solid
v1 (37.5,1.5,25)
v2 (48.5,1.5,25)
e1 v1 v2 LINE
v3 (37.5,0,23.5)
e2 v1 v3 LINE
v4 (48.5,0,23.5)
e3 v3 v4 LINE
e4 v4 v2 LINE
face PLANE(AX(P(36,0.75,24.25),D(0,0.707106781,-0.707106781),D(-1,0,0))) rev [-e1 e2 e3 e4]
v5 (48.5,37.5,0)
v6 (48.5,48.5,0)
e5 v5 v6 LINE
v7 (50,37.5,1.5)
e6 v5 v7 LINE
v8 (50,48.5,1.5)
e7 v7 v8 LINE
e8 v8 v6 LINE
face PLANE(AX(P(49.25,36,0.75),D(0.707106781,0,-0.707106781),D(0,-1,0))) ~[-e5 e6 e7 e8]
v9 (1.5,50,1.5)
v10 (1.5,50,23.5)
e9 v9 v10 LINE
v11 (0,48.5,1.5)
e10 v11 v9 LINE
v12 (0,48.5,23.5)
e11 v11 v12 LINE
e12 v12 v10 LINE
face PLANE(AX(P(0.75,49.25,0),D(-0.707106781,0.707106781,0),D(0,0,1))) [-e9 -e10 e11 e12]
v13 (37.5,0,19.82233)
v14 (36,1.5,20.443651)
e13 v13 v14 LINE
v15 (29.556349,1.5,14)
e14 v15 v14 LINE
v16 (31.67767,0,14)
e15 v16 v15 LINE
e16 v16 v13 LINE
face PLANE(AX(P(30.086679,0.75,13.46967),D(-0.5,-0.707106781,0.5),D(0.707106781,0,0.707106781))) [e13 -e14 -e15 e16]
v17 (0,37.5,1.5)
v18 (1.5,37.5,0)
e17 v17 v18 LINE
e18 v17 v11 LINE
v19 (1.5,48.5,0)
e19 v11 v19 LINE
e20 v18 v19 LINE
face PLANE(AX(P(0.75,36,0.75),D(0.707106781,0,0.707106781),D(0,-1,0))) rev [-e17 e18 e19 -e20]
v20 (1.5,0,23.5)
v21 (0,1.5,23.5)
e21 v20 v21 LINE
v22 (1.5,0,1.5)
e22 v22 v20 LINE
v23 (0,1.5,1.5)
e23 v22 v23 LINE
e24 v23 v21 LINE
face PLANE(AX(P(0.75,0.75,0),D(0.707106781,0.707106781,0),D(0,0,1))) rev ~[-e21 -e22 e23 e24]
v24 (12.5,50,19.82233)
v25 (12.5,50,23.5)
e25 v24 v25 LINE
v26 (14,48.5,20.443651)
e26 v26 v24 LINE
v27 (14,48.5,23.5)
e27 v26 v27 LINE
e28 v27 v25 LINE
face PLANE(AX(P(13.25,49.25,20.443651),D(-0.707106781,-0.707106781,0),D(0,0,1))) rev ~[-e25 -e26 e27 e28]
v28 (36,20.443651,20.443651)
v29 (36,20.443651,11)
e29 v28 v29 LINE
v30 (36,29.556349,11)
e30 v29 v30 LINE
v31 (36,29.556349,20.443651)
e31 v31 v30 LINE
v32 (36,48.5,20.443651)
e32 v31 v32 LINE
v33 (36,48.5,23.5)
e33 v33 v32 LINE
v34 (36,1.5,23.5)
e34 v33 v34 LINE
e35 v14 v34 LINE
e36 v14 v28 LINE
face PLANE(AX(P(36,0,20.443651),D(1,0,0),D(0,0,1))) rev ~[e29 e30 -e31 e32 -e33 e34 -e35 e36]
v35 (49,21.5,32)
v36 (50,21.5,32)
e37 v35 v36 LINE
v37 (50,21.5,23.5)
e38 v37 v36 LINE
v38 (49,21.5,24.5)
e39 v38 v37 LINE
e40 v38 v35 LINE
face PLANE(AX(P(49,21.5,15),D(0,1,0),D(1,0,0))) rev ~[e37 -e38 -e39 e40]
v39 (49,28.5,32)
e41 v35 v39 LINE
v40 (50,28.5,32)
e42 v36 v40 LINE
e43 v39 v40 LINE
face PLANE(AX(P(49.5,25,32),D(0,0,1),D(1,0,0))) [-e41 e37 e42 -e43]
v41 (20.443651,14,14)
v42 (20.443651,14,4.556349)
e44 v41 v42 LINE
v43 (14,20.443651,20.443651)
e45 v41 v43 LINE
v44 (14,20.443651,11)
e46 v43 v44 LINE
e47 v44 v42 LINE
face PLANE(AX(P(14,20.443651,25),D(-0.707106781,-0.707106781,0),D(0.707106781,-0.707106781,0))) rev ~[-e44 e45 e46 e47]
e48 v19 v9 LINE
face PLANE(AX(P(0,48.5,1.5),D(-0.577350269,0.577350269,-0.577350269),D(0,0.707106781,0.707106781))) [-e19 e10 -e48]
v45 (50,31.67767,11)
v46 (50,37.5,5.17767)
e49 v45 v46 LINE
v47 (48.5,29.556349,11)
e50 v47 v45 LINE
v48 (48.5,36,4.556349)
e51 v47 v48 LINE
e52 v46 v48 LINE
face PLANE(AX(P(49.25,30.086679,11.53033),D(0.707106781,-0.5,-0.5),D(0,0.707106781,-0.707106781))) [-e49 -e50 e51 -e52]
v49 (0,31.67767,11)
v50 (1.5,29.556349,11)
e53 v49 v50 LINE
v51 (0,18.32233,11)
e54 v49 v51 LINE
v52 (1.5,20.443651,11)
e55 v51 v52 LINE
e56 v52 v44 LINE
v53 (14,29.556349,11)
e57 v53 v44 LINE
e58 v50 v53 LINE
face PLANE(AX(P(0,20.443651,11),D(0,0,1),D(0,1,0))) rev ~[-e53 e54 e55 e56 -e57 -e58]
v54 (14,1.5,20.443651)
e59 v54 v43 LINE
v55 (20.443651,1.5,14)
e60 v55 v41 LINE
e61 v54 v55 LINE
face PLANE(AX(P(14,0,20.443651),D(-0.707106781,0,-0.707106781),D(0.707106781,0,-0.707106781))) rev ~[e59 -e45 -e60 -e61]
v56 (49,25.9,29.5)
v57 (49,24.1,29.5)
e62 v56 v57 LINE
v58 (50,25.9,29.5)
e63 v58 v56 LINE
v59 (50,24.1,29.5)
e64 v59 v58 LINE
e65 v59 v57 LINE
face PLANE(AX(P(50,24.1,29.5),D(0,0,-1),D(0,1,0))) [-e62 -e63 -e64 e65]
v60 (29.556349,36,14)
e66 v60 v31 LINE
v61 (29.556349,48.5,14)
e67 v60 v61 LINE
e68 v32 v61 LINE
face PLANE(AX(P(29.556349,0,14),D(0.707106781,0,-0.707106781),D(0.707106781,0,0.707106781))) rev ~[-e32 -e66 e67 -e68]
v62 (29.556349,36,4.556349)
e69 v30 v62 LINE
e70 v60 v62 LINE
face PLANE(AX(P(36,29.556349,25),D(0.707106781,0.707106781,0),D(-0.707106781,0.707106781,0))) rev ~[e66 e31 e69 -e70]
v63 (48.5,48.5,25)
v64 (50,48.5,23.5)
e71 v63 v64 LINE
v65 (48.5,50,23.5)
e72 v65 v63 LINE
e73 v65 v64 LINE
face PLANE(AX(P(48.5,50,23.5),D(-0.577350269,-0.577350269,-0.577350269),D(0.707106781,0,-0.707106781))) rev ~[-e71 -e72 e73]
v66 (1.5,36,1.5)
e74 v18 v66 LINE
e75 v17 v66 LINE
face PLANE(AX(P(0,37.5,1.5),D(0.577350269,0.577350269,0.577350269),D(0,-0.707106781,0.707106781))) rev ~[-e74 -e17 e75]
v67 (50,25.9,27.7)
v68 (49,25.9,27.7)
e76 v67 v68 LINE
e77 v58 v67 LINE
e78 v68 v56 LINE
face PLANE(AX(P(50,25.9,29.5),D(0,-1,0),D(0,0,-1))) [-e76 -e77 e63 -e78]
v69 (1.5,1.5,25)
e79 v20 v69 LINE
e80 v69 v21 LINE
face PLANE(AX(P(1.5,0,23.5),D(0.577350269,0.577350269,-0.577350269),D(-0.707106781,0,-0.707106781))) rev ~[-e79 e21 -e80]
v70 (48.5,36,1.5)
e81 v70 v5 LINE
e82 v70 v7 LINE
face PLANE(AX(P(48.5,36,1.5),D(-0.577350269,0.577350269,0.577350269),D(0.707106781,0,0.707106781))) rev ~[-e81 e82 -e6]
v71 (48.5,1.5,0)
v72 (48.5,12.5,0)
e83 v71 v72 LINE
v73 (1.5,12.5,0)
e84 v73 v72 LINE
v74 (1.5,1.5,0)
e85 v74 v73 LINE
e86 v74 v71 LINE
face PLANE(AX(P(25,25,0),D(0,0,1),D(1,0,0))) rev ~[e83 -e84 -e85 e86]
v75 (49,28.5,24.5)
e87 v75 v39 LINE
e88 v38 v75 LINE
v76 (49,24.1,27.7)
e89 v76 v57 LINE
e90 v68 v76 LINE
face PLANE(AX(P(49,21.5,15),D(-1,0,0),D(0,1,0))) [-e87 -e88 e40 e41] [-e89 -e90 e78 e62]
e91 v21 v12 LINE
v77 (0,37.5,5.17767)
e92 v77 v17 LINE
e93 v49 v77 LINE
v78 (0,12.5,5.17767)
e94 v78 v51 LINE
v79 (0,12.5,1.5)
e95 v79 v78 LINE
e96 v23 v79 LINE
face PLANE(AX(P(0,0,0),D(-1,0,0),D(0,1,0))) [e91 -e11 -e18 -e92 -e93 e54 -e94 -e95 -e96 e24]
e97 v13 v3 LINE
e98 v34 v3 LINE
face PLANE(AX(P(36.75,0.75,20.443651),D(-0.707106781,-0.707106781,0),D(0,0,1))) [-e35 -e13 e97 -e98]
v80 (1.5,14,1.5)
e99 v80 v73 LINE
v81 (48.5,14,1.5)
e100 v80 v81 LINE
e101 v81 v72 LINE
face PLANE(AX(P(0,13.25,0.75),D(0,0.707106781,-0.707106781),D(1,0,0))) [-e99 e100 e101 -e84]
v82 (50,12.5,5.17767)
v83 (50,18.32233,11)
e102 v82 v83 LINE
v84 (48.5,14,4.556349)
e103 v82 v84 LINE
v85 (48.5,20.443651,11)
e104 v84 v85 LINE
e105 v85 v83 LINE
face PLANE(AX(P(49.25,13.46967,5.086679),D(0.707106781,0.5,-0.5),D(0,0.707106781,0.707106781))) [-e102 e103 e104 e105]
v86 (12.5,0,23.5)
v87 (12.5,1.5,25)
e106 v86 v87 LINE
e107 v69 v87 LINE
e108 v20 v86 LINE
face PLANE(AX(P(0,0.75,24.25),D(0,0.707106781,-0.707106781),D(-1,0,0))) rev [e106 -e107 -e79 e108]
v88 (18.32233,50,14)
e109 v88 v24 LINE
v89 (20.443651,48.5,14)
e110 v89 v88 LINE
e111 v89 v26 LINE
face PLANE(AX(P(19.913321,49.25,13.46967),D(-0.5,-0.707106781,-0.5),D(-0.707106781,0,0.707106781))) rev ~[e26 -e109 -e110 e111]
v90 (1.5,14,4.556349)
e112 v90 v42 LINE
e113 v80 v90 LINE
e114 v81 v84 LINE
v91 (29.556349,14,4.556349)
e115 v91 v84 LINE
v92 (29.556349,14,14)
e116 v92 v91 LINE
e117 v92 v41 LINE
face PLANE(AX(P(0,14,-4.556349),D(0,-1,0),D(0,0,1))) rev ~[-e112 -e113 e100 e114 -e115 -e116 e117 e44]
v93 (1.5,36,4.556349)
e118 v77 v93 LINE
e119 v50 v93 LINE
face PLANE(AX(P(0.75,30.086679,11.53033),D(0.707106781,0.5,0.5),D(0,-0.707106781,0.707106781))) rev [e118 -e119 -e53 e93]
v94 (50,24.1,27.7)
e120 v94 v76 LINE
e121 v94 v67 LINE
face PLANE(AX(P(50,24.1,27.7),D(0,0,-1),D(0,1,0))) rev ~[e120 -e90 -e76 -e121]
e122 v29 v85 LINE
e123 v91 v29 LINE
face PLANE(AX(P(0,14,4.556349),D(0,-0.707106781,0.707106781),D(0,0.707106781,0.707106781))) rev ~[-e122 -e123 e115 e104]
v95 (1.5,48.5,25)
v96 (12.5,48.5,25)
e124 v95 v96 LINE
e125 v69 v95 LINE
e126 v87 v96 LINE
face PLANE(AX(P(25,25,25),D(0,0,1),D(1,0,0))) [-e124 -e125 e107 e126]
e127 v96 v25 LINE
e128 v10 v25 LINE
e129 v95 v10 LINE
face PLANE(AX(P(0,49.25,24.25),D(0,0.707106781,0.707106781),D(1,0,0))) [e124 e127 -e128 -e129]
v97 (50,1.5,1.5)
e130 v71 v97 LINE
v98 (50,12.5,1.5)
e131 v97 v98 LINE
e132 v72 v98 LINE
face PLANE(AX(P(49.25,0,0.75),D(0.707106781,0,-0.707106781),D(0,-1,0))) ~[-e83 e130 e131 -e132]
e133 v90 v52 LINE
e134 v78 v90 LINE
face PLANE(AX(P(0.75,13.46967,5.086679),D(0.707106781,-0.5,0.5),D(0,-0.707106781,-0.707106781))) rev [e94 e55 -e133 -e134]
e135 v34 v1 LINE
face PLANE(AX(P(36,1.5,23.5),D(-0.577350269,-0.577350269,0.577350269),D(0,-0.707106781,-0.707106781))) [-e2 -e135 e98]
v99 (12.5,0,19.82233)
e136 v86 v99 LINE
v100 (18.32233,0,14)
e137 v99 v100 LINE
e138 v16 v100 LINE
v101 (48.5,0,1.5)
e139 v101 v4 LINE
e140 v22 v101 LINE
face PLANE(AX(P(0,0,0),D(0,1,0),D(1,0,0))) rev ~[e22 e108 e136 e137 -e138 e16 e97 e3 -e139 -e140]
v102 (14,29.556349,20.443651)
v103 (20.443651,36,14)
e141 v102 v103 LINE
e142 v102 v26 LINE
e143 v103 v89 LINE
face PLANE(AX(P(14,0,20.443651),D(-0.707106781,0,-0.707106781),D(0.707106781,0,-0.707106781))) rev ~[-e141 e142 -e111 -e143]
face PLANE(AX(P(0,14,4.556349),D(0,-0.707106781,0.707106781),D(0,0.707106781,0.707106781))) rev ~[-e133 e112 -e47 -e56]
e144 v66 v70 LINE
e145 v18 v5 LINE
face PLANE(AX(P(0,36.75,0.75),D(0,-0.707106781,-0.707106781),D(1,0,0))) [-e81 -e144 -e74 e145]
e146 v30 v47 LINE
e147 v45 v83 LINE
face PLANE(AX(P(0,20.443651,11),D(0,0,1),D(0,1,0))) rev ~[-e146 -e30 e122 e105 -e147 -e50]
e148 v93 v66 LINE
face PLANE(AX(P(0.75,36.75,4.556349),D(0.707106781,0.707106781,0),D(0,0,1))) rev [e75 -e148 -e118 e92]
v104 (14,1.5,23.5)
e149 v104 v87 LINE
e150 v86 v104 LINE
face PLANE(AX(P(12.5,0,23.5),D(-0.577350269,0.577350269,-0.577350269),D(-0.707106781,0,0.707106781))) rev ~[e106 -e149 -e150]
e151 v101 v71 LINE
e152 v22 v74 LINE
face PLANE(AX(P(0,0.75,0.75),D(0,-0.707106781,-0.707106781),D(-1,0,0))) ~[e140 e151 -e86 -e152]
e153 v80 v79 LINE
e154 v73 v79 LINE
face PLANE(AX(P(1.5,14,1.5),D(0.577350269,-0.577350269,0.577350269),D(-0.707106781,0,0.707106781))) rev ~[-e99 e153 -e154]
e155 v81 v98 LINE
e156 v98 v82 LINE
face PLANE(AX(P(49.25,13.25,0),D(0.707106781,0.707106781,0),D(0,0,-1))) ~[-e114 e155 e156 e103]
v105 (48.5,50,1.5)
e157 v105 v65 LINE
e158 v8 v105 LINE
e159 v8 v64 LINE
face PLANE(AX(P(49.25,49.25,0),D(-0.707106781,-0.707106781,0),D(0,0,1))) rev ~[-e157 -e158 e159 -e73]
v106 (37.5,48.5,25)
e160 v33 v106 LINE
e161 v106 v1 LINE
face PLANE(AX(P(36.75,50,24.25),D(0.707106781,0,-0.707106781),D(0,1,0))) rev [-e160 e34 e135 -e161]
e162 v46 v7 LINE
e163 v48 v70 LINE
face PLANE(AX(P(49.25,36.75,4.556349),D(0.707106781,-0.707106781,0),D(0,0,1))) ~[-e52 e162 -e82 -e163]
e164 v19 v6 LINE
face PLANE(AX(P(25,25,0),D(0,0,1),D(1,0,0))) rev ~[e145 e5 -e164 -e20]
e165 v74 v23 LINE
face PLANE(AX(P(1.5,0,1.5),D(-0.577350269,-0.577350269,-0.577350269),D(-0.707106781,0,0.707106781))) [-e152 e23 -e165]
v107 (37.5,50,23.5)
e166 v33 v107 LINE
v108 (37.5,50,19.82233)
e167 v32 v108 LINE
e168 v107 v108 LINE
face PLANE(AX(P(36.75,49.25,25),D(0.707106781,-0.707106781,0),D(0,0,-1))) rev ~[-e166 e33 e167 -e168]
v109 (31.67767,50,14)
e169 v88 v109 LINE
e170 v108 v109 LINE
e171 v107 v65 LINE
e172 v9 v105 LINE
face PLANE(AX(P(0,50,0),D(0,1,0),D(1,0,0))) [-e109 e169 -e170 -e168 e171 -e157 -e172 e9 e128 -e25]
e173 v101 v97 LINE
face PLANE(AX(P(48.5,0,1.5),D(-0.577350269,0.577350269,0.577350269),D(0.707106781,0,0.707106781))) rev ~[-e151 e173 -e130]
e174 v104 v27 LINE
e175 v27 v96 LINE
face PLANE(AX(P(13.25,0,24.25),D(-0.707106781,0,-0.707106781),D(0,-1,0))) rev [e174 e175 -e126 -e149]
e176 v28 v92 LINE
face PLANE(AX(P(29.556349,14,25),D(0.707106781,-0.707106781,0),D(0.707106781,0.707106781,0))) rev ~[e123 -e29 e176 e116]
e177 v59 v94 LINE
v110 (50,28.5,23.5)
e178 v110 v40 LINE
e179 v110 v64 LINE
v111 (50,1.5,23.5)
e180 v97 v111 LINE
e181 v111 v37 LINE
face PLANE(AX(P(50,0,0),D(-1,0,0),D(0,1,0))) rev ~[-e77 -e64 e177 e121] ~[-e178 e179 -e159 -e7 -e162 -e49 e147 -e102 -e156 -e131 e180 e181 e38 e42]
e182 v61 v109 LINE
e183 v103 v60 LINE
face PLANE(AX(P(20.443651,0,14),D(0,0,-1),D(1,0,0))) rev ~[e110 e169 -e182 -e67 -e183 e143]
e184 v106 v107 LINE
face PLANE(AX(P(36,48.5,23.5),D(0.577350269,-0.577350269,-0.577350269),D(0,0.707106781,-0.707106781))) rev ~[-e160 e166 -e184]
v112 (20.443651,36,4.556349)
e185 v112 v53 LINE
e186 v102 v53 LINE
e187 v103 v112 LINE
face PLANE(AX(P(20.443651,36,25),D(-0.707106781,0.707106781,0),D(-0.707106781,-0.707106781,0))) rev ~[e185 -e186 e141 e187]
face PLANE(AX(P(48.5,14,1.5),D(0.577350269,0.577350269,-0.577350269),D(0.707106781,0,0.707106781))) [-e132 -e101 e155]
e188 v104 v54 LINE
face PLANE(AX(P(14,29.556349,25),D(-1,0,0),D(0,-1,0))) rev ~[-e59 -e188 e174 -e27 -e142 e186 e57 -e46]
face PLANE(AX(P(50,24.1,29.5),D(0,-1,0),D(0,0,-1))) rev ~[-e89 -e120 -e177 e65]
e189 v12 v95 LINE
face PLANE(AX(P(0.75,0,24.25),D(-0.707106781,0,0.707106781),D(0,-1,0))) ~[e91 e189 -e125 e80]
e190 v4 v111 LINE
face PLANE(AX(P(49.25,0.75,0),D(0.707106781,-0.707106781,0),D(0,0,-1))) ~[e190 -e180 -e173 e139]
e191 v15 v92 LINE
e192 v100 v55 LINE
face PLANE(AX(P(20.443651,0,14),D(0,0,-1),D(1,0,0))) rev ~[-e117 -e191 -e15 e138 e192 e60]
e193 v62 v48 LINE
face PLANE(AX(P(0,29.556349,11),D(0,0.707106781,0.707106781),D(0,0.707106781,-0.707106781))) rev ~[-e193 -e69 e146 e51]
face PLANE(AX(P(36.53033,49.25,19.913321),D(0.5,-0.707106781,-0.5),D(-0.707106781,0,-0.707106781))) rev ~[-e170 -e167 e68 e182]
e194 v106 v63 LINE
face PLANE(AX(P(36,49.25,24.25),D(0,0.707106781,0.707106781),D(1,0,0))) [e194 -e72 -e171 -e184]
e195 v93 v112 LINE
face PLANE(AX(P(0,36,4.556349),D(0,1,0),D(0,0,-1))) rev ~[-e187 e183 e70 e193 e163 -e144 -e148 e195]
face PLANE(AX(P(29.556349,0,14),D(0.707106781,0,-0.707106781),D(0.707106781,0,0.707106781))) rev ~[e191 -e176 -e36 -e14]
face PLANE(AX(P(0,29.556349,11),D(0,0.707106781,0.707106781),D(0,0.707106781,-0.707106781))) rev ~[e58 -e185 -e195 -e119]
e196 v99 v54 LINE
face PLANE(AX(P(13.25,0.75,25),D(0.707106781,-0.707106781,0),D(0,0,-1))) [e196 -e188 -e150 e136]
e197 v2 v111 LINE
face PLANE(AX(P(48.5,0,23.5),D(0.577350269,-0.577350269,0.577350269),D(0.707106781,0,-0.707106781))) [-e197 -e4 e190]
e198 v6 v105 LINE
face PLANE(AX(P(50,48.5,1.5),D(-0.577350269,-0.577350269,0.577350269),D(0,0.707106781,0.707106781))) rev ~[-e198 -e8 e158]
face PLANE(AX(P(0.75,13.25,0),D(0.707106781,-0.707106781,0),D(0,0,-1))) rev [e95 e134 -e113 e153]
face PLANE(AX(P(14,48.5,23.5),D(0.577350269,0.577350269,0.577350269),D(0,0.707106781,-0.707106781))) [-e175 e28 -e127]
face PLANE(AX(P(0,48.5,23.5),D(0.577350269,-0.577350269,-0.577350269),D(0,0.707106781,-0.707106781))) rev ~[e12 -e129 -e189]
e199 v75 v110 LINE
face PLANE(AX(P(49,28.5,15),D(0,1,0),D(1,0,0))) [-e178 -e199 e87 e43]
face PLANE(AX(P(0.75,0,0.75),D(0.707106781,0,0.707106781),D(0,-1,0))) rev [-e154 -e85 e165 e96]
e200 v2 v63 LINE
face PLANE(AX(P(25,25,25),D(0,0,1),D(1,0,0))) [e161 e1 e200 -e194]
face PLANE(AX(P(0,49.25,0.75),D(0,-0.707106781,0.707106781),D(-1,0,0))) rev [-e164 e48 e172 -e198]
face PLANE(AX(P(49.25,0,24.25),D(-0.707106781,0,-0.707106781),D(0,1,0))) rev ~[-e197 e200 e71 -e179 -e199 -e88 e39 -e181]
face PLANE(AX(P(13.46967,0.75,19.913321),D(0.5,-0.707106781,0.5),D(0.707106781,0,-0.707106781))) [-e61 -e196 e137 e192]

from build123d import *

# Parameters (mm, degrees)
SKETCH1_W                = 50
SKETCH1_H                = 50
BOSS_EXTRUDE1_DEPTH      = 25
CUT_EXTRUDE1_DEPTH       = 76
CUT_EXTRUDE2_DEPTH       = 76
CUT_EXTRUDE3_DEPTH       = 76
CHAMFER1_SIZE            = 1.5
BOSS_EXTRUDE2_DEPTH      = 7
BOSS_EXTRUDE2_DEPTH_BACK = 10
SKETCH5_W                = 1
SKETCH5_H                = 7
SKETCH6_W                = 1.8
SKETCH6_H                = 1.8
CUT_EXTRUDE5_DEPTH       = 78.614431648


with BuildPart() as part:
    # Sketch1 → Boss-Extrude1 (new body)
    with BuildSketch(Plane.XY):
        with Locations((25, 25)):
            Rectangle(SKETCH1_W, SKETCH1_H)
    extrude(amount=BOSS_EXTRUDE1_DEPTH)

    # Sketch2 → Cut-Extrude1 (cut, through all)
    with BuildSketch(Plane.XZ):
        Polygon((29.556349186, 36), (20.443650814, 36), (14, 29.556349186), (14, 20.443650814), (20.443650814, 14), (29.556349186, 14), (36, 20.443650814), (36, 29.556349186), align=None)
    extrude(amount=-CUT_EXTRUDE1_DEPTH, mode=Mode.SUBTRACT)

    # Sketch3 → Cut-Extrude2 (cut, through all)
    with BuildSketch(Plane.ZY):
        Polygon((4.556349186, 14), (11, 20.443650814), (11, 29.556349186), (4.556349186, 36), (-4.556349186, 36), (-11, 29.556349186), (-11, 20.443650814), (-4.556349186, 14), align=None)
    extrude(amount=-CUT_EXTRUDE2_DEPTH, mode=Mode.SUBTRACT)

    # Sketch4 → Cut-Extrude3 (cut, through all)
    with BuildSketch(Plane.XY.offset(25)):
        Polygon((29.556349186, 36), (20.443650814, 36), (14, 29.556349186), (14, 20.443650814), (20.443650814, 14), (29.556349186, 14), (36, 20.443650814), (36, 29.556349186), align=None)
    extrude(amount=-CUT_EXTRUDE3_DEPTH, mode=Mode.SUBTRACT)

    # Chamfer1
    chamfer1_edges = [part.edges().sort_by_distance(p)[0] for p in [
        (50, 25, 25),
        (43, 50, 25),
        (43, 0, 25),
        (7, 50, 25),
        (14, 25, 25),
        (36, 25, 25),
        (36, 50, 22.721825407),
        (14, 50, 22.721825407),
        (36, 0, 22.721825407),
        (14, 0, 22.721825407),
        (17.221825407, 0, 17.221825407),
        (32.778174593, 0, 17.221825407),
        (32.778174593, 50, 17.221825407),
        (17.221825407, 50, 17.221825407),
        (0, 25, 25),
        (25, 50, 0),
        (50, 7, 0),
        (0, 7, 0),
        (50, 43, 0),
        (25, 36, 0),
        (25, 14, 0),
        (25, 0, 0),
        (0, 43, 0),
        (50, 14, 2.278174593),
        (50, 36, 2.278174593),
        (50, 32.778174593, 7.778174593),
        (50, 17.221825407, 7.778174593),
        (0, 14, 2.278174593),
        (0, 17.221825407, 7.778174593),
        (0, 32.778174593, 7.778174593),
        (0, 36, 2.278174593),
        (7, 0, 25),
        (0, 50, 12.5),
        (50, 50, 12.5),
        (50, 0, 12.5),
        (0, 0, 12.5),
    ]]
    chamfer(chamfer1_edges, length=CHAMFER1_SIZE)

    # Sketch5 → Boss-Extrude2 (add, two sides: drawn at the far end of the back side and taken through both)
    with BuildSketch(Plane.XY.offset(25).offset(-BOSS_EXTRUDE2_DEPTH_BACK)):
        with Locations((49.5, 25)):
            Rectangle(SKETCH5_W, SKETCH5_H)
    extrude(amount=BOSS_EXTRUDE2_DEPTH + BOSS_EXTRUDE2_DEPTH_BACK)

    # Sketch6 → Cut-Extrude5 (cut, through all)
    with BuildSketch(Plane(origin=(50, 0, 0), x_dir=(0, 0, -1), z_dir=(1, 0, 0))):
        with Locations((-28.6, 25)):
            Rectangle(SKETCH6_W, SKETCH6_H)
    extrude(amount=-CUT_EXTRUDE5_DEPTH, mode=Mode.SUBTRACT)


solid = part.part
